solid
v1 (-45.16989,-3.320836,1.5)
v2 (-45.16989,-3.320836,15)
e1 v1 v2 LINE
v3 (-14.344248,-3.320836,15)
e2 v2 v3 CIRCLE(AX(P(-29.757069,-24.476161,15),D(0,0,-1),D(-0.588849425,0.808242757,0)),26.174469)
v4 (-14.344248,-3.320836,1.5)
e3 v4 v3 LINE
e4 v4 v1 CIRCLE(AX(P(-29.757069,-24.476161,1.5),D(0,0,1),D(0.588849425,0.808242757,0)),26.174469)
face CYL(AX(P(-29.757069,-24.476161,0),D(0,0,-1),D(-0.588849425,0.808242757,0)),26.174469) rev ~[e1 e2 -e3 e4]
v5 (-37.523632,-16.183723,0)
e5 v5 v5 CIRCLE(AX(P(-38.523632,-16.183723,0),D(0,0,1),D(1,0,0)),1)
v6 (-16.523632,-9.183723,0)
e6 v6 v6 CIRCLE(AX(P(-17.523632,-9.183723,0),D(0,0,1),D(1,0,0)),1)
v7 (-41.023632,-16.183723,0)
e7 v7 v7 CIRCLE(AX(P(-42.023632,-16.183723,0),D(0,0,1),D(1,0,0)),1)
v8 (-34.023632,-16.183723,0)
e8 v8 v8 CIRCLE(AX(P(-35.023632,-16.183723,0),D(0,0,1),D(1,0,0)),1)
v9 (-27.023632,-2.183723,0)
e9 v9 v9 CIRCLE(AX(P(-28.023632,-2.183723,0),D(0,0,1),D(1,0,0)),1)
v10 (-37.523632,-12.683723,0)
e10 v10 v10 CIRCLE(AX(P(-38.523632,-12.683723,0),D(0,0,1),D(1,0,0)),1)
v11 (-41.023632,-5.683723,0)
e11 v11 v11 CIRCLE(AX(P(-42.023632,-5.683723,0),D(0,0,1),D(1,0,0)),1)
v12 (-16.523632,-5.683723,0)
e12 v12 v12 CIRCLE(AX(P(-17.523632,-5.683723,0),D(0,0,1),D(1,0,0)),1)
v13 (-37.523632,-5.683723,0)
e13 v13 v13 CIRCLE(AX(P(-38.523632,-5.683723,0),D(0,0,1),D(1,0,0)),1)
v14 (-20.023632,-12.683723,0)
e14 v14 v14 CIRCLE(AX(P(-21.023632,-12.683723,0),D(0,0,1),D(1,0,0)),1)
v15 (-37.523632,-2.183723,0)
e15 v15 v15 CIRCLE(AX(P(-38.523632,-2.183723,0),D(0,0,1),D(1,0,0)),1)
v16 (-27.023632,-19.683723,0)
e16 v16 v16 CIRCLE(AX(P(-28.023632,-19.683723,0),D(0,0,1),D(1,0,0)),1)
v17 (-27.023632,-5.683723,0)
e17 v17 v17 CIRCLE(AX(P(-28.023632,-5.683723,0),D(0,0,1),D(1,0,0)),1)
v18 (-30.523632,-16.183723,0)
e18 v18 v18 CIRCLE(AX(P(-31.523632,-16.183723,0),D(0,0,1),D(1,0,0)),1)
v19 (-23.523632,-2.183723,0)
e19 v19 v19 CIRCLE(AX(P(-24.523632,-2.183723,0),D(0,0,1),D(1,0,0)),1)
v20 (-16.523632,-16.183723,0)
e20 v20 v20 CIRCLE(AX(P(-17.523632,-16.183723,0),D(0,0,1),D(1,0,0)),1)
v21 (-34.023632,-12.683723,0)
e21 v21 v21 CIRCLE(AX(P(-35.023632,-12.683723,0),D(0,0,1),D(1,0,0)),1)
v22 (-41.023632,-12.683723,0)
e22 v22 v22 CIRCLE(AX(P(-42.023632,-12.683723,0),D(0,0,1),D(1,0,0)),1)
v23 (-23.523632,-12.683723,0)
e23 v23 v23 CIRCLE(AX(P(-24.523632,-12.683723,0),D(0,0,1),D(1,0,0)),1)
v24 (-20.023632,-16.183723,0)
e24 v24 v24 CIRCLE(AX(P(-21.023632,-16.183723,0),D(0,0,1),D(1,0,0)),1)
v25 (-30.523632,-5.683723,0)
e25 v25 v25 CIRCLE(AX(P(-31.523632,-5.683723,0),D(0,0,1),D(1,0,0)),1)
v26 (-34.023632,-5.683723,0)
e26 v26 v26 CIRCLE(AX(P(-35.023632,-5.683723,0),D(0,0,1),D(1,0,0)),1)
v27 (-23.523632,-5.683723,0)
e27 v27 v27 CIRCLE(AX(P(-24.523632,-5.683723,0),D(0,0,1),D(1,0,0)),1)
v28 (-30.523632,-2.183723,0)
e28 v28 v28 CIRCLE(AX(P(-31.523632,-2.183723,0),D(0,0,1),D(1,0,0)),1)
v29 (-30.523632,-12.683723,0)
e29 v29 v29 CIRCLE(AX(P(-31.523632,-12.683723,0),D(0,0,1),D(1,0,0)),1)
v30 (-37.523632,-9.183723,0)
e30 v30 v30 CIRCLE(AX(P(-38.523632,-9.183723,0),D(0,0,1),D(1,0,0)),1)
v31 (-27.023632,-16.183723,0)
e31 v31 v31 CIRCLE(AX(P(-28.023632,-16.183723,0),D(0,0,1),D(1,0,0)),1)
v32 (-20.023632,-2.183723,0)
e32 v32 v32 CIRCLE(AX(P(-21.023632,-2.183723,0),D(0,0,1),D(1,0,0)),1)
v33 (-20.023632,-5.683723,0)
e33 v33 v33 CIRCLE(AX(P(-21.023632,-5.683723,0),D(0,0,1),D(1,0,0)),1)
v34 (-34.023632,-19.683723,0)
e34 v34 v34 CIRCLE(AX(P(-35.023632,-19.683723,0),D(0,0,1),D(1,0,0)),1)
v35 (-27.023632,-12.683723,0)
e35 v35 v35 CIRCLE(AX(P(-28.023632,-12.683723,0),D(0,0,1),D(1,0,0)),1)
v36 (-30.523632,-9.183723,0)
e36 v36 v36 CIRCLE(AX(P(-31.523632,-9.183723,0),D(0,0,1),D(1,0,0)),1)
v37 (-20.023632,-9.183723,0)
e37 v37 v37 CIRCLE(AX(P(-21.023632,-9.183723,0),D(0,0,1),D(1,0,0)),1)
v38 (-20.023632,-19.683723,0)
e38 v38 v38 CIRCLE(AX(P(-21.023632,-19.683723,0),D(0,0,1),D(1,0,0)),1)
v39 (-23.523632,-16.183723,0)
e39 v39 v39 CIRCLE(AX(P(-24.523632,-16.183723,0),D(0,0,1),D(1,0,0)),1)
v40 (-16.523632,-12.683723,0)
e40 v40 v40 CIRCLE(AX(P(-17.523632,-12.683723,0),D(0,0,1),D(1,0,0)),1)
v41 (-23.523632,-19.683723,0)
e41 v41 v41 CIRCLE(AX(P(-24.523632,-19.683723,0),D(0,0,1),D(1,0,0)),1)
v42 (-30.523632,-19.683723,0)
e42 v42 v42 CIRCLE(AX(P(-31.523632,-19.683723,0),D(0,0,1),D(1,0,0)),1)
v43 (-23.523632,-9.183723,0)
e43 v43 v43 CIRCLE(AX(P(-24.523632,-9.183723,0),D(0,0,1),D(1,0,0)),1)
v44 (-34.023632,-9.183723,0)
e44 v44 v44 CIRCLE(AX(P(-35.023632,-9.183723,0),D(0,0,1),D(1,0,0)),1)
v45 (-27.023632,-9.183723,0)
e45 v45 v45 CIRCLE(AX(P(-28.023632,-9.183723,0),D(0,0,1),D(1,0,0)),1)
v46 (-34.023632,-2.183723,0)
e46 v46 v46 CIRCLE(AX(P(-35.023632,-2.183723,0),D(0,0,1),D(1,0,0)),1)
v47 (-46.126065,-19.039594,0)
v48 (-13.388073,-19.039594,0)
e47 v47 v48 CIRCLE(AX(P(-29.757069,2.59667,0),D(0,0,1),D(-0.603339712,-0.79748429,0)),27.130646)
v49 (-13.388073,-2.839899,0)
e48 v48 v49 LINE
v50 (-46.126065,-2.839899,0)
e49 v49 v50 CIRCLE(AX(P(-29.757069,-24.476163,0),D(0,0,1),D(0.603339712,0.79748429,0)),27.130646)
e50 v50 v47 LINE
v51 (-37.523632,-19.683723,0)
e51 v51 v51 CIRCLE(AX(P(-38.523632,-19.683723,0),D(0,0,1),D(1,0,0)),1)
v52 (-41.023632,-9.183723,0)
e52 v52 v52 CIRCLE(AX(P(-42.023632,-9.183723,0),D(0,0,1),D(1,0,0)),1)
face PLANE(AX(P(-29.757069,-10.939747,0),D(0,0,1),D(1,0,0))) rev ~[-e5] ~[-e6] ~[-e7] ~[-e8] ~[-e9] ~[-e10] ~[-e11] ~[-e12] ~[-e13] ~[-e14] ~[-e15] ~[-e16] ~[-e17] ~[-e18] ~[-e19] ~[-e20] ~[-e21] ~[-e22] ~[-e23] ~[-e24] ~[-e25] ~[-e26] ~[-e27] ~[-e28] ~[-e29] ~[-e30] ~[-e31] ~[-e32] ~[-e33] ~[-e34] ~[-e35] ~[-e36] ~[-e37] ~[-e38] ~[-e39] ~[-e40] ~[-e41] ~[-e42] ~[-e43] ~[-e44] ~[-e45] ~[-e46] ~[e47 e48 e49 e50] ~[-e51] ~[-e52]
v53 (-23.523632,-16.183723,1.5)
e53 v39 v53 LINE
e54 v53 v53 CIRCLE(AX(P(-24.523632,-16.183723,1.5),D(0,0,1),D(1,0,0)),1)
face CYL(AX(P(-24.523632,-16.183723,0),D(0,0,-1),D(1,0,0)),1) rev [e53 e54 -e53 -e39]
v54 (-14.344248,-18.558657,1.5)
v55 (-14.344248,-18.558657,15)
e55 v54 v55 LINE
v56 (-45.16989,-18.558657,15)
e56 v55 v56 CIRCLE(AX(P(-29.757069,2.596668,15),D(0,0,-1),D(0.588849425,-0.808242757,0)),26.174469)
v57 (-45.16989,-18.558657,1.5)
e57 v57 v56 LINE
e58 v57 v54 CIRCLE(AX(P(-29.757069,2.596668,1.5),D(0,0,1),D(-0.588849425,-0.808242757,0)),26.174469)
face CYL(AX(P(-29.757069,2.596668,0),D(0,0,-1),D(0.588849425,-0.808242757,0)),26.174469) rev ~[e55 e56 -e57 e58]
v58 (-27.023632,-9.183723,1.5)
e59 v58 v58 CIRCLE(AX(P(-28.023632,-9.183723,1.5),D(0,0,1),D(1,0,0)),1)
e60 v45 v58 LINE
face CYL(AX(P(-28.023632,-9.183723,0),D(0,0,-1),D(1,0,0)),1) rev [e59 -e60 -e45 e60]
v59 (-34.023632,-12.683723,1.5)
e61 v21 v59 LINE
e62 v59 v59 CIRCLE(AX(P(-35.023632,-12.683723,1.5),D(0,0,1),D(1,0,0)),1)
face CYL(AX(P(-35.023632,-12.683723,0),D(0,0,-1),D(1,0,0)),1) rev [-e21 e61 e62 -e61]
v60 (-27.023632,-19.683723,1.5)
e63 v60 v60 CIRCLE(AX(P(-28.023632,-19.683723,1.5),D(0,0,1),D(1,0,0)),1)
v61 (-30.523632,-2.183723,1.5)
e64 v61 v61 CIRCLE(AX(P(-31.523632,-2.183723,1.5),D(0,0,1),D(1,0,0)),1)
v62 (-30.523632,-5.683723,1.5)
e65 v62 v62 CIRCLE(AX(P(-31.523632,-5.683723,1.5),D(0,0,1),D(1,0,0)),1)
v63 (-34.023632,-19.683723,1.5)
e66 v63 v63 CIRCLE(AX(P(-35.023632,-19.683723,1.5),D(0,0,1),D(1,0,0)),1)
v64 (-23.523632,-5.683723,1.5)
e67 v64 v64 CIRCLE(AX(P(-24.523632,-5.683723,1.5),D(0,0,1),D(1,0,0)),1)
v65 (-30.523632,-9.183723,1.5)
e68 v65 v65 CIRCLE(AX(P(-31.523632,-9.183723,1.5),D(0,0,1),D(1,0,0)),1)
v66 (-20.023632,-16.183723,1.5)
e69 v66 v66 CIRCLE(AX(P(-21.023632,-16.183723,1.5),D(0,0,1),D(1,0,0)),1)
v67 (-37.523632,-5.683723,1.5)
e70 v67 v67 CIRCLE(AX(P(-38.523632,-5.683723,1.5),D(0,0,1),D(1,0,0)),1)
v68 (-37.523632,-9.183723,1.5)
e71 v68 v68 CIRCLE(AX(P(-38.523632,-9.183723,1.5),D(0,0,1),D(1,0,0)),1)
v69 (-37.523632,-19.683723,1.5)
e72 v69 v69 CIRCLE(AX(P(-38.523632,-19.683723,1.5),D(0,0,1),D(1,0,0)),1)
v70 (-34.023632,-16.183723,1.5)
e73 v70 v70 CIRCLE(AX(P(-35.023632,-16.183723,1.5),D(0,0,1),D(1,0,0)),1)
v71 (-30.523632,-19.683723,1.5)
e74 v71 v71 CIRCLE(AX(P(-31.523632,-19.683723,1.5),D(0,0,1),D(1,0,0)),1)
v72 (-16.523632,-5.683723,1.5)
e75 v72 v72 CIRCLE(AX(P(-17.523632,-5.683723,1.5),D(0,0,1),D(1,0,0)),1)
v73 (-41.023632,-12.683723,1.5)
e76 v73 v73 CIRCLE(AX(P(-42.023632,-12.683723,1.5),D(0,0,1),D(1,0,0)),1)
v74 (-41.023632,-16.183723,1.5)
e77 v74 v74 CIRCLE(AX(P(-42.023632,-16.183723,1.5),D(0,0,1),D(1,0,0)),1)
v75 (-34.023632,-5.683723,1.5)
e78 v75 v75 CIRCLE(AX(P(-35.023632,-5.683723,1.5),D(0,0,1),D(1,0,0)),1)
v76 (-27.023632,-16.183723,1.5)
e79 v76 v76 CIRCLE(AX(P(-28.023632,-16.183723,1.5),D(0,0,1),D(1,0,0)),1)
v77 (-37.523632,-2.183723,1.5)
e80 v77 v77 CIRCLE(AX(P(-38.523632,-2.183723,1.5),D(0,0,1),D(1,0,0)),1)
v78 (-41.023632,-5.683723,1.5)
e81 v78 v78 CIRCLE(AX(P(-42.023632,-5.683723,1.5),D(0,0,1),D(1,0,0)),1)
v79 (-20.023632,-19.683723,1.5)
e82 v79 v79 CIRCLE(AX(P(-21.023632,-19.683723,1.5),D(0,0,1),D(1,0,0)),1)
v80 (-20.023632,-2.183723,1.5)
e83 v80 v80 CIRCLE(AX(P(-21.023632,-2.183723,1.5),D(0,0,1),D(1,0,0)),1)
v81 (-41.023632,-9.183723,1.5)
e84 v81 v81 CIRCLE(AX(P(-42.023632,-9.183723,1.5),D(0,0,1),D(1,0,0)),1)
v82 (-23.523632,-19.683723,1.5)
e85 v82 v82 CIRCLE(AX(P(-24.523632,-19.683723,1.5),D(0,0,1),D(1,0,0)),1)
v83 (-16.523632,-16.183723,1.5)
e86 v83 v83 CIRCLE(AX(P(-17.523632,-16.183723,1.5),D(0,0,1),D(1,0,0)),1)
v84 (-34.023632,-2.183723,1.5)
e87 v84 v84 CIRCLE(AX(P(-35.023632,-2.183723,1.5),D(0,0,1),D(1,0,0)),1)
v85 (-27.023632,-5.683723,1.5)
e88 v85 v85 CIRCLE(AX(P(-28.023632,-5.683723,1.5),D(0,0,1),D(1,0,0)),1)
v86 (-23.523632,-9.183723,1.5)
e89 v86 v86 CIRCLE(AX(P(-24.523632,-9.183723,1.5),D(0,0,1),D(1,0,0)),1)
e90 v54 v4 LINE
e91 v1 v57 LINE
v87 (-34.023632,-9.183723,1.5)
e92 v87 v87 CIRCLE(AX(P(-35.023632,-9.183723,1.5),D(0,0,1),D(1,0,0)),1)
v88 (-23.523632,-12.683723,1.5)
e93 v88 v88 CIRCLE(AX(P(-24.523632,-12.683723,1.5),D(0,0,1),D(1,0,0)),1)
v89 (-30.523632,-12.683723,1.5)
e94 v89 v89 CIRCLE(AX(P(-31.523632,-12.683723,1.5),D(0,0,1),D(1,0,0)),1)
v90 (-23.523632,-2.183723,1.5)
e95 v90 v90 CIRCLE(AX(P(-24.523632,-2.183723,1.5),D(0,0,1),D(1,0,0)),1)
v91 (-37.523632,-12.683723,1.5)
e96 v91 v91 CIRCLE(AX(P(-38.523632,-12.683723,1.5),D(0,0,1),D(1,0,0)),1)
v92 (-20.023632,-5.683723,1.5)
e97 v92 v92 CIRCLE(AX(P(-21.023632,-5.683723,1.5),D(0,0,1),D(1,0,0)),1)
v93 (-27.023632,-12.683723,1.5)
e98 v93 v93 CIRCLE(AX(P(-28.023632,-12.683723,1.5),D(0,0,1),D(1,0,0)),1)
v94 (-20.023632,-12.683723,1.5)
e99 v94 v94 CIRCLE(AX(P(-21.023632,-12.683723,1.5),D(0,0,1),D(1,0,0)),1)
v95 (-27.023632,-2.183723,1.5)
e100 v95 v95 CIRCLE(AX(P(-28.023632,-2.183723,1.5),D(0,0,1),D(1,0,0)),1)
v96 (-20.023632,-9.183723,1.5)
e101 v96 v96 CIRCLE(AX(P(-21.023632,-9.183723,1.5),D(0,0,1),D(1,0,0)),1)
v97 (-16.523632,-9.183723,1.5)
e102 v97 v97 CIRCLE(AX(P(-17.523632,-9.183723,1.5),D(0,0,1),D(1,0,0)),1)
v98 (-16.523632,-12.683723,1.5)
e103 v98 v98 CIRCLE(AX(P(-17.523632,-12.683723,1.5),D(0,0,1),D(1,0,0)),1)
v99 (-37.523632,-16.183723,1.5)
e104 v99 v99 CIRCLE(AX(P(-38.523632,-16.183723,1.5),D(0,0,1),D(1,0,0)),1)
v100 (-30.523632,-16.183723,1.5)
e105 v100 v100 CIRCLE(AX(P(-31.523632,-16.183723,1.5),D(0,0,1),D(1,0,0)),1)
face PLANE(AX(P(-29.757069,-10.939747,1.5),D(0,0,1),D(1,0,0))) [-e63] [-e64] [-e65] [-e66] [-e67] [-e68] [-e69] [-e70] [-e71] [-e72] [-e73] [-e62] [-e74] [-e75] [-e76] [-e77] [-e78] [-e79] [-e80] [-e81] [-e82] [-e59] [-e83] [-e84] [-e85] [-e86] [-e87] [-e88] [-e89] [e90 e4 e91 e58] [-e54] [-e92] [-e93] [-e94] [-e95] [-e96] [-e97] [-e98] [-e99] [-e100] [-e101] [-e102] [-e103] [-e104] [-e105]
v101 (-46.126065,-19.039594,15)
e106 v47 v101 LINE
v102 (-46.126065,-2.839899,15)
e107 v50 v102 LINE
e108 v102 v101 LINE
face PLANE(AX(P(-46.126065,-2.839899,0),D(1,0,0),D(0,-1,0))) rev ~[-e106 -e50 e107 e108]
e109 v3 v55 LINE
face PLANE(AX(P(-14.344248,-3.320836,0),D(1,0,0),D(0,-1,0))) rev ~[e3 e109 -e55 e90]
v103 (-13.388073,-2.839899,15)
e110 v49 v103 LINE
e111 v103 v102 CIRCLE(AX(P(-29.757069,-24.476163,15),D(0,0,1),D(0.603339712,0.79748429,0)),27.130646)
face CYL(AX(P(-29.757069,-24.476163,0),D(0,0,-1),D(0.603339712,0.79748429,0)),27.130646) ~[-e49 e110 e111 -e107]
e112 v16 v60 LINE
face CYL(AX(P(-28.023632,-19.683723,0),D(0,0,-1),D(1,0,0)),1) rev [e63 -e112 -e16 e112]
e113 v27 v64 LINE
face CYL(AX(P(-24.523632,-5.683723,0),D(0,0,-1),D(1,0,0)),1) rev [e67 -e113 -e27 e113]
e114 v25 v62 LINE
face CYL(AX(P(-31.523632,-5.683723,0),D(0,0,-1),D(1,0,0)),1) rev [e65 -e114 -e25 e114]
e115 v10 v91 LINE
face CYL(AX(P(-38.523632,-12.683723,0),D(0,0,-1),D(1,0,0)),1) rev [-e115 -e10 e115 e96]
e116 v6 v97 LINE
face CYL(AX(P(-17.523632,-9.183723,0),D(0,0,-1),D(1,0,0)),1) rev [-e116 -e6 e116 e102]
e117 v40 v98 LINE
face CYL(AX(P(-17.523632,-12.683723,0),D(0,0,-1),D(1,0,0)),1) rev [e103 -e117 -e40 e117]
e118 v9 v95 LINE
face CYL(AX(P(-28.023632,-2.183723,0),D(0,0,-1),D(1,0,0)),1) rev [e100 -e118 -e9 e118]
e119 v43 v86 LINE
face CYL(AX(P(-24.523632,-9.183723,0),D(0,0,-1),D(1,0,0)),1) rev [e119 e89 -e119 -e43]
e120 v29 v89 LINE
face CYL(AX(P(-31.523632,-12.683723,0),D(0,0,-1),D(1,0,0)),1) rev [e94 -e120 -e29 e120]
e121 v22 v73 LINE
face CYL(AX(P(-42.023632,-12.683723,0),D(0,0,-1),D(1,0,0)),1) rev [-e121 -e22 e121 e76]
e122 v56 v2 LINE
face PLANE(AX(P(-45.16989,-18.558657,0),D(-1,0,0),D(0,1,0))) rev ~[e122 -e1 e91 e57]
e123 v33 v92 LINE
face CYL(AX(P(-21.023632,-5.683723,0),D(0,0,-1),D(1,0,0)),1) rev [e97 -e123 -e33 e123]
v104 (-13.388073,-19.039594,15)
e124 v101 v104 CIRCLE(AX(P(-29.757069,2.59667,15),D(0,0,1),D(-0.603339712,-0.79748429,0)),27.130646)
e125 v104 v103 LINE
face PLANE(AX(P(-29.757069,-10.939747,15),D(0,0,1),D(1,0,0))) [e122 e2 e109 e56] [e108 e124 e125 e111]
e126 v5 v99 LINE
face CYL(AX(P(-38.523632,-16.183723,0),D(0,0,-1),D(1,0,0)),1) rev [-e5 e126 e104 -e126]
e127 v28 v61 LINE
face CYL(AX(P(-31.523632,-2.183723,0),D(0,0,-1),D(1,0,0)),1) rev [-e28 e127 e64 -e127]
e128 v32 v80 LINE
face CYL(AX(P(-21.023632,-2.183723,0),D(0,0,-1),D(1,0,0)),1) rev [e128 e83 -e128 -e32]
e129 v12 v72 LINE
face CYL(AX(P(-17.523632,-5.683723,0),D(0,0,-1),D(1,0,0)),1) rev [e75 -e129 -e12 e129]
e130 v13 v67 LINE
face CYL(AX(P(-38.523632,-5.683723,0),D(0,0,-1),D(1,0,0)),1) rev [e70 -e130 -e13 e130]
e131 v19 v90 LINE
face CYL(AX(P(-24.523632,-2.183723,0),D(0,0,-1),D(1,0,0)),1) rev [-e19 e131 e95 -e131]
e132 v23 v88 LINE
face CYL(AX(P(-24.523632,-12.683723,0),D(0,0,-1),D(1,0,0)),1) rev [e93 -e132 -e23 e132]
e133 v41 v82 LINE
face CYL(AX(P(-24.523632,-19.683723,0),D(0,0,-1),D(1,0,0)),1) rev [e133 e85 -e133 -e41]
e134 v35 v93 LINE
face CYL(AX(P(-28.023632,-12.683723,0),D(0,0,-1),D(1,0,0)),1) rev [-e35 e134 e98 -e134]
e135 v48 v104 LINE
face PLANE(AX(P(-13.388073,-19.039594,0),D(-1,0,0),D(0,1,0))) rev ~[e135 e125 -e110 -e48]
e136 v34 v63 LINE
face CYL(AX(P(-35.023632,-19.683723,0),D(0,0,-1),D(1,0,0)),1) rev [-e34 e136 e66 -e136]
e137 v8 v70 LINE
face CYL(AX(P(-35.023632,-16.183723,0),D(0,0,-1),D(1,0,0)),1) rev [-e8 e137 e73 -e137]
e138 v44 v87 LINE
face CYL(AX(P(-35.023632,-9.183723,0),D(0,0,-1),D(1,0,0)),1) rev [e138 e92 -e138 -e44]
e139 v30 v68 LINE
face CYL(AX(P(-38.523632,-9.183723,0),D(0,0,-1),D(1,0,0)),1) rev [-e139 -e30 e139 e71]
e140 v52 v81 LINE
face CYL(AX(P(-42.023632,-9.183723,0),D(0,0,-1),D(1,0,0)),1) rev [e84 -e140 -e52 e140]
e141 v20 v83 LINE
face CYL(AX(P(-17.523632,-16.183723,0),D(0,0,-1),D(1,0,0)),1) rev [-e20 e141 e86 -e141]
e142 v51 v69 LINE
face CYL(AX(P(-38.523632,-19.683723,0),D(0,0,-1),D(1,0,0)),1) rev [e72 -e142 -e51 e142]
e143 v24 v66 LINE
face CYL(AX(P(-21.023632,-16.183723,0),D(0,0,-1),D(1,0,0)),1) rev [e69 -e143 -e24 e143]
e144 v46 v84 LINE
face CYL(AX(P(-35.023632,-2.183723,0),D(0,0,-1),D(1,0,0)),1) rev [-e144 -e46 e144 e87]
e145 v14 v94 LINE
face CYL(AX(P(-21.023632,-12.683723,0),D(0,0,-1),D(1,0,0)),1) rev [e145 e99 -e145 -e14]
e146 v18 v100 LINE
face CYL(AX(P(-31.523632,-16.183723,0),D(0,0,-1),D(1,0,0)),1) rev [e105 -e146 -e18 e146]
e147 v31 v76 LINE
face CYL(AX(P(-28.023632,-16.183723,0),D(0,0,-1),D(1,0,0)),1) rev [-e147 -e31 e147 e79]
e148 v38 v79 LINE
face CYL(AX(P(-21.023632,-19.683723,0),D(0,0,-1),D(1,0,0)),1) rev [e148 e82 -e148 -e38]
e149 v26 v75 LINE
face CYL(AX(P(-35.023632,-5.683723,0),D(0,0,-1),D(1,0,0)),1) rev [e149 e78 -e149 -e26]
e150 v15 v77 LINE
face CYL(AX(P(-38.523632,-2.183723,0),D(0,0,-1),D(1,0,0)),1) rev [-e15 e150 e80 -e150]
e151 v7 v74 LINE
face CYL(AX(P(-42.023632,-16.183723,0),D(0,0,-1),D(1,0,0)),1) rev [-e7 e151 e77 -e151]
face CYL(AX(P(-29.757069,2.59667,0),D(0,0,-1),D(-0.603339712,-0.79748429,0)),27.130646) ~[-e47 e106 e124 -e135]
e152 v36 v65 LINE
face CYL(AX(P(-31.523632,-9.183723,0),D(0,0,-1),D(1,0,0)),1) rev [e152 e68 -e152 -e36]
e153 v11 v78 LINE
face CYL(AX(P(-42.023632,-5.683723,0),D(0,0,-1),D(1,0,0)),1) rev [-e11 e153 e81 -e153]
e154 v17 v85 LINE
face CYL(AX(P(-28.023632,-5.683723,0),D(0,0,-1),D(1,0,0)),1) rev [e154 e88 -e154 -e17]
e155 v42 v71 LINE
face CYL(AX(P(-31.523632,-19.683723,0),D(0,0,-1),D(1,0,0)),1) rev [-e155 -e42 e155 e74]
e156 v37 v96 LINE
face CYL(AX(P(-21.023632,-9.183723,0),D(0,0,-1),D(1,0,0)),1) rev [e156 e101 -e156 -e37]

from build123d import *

# Parameters (mm, degrees)
F1_DEPTH = 15
F0_R     = 1
F2_DEPTH = 1.5


with BuildPart() as f1:
    # F0 (on Top) → F1 (new body)
    with BuildSketch(Plane.XY):
        with BuildLine():
            Line((-13.388073, -19.039594), (-13.388073, -2.839899))
            ThreePointArc((-13.388073, -2.839899), (-29.757069, 2.654483), (-46.126065, -2.839899))
            Line((-46.126065, -2.839899), (-46.126065, -19.039594))
            ThreePointArc((-46.126065, -19.039594), (-29.757069, -24.533976), (-13.388073, -19.039594))
        make_face()
        with BuildLine():
            ThreePointArc((-45.16989, -3.320836), (-29.757069, 1.698308), (-14.344248, -3.320836))
            Line((-14.344248, -3.320836), (-14.344248, -18.558657))
            ThreePointArc((-14.344248, -18.558657), (-29.757069, -23.577801), (-45.16989, -18.558657))
            Line((-45.16989, -18.558657), (-45.16989, -3.320836))
        make_face(mode=Mode.SUBTRACT)
    extrude(amount=F1_DEPTH)

    # F0 (on Top) → F2 (join)
    with BuildSketch(Plane.XY):
        with BuildLine():
            Line((-14.344248, -18.558657), (-14.344248, -3.320836))
            ThreePointArc((-14.344248, -3.320836), (-29.757069, 1.698308), (-45.16989, -3.320836))
            Line((-45.16989, -3.320836), (-45.16989, -18.558657))
            ThreePointArc((-45.16989, -18.558657), (-29.757069, -23.577801), (-14.344248, -18.558657))
        make_face()
        with Locations((-38.523632, -19.683723)):
            Circle(F0_R, mode=Mode.SUBTRACT)
        with Locations((-35.023632, -19.683723)):
            Circle(F0_R, mode=Mode.SUBTRACT)
        with Locations((-31.523632, -19.683723)):
            Circle(F0_R, mode=Mode.SUBTRACT)
        with Locations((-42.023632, -16.183723)):
            Circle(F0_R, mode=Mode.SUBTRACT)
        with Locations((-38.523632, -16.183723)):
            Circle(F0_R, mode=Mode.SUBTRACT)
        with Locations((-42.023632, -12.683723)):
            Circle(F0_R, mode=Mode.SUBTRACT)
        with Locations((-38.523632, -12.683723)):
            Circle(F0_R, mode=Mode.SUBTRACT)
        with Locations((-35.023632, -16.183723)):
            Circle(F0_R, mode=Mode.SUBTRACT)
        with Locations((-31.523632, -16.183723)):
            Circle(F0_R, mode=Mode.SUBTRACT)
        with Locations((-35.023632, -12.683723)):
            Circle(F0_R, mode=Mode.SUBTRACT)
        with Locations((-31.523632, -12.683723)):
            Circle(F0_R, mode=Mode.SUBTRACT)
        with Locations((-28.023632, -19.683723)):
            Circle(F0_R, mode=Mode.SUBTRACT)
        with Locations((-24.523632, -19.683723)):
            Circle(F0_R, mode=Mode.SUBTRACT)
        with Locations((-21.023632, -19.683723)):
            Circle(F0_R, mode=Mode.SUBTRACT)
        with Locations((-28.023632, -16.183723)):
            Circle(F0_R, mode=Mode.SUBTRACT)
        with Locations((-24.523632, -16.183723)):
            Circle(F0_R, mode=Mode.SUBTRACT)
        with Locations((-28.023632, -12.683723)):
            Circle(F0_R, mode=Mode.SUBTRACT)
        with Locations((-24.523632, -12.683723)):
            Circle(F0_R, mode=Mode.SUBTRACT)
        with Locations((-21.023632, -16.183723)):
            Circle(F0_R, mode=Mode.SUBTRACT)
        with Locations((-17.523632, -16.183723)):
            Circle(F0_R, mode=Mode.SUBTRACT)
        with Locations((-21.023632, -12.683723)):
            Circle(F0_R, mode=Mode.SUBTRACT)
        with Locations((-17.523632, -12.683723)):
            Circle(F0_R, mode=Mode.SUBTRACT)
        with Locations((-42.023632, -9.183723)):
            Circle(F0_R, mode=Mode.SUBTRACT)
        with Locations((-38.523632, -9.183723)):
            Circle(F0_R, mode=Mode.SUBTRACT)
        with Locations((-42.023632, -5.683723)):
            Circle(F0_R, mode=Mode.SUBTRACT)
        with Locations((-38.523632, -5.683723)):
            Circle(F0_R, mode=Mode.SUBTRACT)
        with Locations((-35.023632, -9.183723)):
            Circle(F0_R, mode=Mode.SUBTRACT)
        with Locations((-31.523632, -9.183723)):
            Circle(F0_R, mode=Mode.SUBTRACT)
        with Locations((-35.023632, -5.683723)):
            Circle(F0_R, mode=Mode.SUBTRACT)
        with Locations((-31.523632, -5.683723)):
            Circle(F0_R, mode=Mode.SUBTRACT)
        with Locations((-38.523632, -2.183723)):
            Circle(F0_R, mode=Mode.SUBTRACT)
        with Locations((-35.023632, -2.183723)):
            Circle(F0_R, mode=Mode.SUBTRACT)
        with Locations((-31.523632, -2.183723)):
            Circle(F0_R, mode=Mode.SUBTRACT)
        with Locations((-28.023632, -9.183723)):
            Circle(F0_R, mode=Mode.SUBTRACT)
        with Locations((-24.523632, -9.183723)):
            Circle(F0_R, mode=Mode.SUBTRACT)
        with Locations((-28.023632, -5.683723)):
            Circle(F0_R, mode=Mode.SUBTRACT)
        with Locations((-24.523632, -5.683723)):
            Circle(F0_R, mode=Mode.SUBTRACT)
        with Locations((-21.023632, -9.183723)):
            Circle(F0_R, mode=Mode.SUBTRACT)
        with Locations((-17.523632, -9.183723)):
            Circle(F0_R, mode=Mode.SUBTRACT)
        with Locations((-21.023632, -5.683723)):
            Circle(F0_R, mode=Mode.SUBTRACT)
        with Locations((-17.523632, -5.683723)):
            Circle(F0_R, mode=Mode.SUBTRACT)
        with Locations((-28.023632, -2.183723)):
            Circle(F0_R, mode=Mode.SUBTRACT)
        with Locations((-24.523632, -2.183723)):
            Circle(F0_R, mode=Mode.SUBTRACT)
        with Locations((-21.023632, -2.183723)):
            Circle(F0_R, mode=Mode.SUBTRACT)
    extrude(amount=F2_DEPTH)


solid = f1.part
